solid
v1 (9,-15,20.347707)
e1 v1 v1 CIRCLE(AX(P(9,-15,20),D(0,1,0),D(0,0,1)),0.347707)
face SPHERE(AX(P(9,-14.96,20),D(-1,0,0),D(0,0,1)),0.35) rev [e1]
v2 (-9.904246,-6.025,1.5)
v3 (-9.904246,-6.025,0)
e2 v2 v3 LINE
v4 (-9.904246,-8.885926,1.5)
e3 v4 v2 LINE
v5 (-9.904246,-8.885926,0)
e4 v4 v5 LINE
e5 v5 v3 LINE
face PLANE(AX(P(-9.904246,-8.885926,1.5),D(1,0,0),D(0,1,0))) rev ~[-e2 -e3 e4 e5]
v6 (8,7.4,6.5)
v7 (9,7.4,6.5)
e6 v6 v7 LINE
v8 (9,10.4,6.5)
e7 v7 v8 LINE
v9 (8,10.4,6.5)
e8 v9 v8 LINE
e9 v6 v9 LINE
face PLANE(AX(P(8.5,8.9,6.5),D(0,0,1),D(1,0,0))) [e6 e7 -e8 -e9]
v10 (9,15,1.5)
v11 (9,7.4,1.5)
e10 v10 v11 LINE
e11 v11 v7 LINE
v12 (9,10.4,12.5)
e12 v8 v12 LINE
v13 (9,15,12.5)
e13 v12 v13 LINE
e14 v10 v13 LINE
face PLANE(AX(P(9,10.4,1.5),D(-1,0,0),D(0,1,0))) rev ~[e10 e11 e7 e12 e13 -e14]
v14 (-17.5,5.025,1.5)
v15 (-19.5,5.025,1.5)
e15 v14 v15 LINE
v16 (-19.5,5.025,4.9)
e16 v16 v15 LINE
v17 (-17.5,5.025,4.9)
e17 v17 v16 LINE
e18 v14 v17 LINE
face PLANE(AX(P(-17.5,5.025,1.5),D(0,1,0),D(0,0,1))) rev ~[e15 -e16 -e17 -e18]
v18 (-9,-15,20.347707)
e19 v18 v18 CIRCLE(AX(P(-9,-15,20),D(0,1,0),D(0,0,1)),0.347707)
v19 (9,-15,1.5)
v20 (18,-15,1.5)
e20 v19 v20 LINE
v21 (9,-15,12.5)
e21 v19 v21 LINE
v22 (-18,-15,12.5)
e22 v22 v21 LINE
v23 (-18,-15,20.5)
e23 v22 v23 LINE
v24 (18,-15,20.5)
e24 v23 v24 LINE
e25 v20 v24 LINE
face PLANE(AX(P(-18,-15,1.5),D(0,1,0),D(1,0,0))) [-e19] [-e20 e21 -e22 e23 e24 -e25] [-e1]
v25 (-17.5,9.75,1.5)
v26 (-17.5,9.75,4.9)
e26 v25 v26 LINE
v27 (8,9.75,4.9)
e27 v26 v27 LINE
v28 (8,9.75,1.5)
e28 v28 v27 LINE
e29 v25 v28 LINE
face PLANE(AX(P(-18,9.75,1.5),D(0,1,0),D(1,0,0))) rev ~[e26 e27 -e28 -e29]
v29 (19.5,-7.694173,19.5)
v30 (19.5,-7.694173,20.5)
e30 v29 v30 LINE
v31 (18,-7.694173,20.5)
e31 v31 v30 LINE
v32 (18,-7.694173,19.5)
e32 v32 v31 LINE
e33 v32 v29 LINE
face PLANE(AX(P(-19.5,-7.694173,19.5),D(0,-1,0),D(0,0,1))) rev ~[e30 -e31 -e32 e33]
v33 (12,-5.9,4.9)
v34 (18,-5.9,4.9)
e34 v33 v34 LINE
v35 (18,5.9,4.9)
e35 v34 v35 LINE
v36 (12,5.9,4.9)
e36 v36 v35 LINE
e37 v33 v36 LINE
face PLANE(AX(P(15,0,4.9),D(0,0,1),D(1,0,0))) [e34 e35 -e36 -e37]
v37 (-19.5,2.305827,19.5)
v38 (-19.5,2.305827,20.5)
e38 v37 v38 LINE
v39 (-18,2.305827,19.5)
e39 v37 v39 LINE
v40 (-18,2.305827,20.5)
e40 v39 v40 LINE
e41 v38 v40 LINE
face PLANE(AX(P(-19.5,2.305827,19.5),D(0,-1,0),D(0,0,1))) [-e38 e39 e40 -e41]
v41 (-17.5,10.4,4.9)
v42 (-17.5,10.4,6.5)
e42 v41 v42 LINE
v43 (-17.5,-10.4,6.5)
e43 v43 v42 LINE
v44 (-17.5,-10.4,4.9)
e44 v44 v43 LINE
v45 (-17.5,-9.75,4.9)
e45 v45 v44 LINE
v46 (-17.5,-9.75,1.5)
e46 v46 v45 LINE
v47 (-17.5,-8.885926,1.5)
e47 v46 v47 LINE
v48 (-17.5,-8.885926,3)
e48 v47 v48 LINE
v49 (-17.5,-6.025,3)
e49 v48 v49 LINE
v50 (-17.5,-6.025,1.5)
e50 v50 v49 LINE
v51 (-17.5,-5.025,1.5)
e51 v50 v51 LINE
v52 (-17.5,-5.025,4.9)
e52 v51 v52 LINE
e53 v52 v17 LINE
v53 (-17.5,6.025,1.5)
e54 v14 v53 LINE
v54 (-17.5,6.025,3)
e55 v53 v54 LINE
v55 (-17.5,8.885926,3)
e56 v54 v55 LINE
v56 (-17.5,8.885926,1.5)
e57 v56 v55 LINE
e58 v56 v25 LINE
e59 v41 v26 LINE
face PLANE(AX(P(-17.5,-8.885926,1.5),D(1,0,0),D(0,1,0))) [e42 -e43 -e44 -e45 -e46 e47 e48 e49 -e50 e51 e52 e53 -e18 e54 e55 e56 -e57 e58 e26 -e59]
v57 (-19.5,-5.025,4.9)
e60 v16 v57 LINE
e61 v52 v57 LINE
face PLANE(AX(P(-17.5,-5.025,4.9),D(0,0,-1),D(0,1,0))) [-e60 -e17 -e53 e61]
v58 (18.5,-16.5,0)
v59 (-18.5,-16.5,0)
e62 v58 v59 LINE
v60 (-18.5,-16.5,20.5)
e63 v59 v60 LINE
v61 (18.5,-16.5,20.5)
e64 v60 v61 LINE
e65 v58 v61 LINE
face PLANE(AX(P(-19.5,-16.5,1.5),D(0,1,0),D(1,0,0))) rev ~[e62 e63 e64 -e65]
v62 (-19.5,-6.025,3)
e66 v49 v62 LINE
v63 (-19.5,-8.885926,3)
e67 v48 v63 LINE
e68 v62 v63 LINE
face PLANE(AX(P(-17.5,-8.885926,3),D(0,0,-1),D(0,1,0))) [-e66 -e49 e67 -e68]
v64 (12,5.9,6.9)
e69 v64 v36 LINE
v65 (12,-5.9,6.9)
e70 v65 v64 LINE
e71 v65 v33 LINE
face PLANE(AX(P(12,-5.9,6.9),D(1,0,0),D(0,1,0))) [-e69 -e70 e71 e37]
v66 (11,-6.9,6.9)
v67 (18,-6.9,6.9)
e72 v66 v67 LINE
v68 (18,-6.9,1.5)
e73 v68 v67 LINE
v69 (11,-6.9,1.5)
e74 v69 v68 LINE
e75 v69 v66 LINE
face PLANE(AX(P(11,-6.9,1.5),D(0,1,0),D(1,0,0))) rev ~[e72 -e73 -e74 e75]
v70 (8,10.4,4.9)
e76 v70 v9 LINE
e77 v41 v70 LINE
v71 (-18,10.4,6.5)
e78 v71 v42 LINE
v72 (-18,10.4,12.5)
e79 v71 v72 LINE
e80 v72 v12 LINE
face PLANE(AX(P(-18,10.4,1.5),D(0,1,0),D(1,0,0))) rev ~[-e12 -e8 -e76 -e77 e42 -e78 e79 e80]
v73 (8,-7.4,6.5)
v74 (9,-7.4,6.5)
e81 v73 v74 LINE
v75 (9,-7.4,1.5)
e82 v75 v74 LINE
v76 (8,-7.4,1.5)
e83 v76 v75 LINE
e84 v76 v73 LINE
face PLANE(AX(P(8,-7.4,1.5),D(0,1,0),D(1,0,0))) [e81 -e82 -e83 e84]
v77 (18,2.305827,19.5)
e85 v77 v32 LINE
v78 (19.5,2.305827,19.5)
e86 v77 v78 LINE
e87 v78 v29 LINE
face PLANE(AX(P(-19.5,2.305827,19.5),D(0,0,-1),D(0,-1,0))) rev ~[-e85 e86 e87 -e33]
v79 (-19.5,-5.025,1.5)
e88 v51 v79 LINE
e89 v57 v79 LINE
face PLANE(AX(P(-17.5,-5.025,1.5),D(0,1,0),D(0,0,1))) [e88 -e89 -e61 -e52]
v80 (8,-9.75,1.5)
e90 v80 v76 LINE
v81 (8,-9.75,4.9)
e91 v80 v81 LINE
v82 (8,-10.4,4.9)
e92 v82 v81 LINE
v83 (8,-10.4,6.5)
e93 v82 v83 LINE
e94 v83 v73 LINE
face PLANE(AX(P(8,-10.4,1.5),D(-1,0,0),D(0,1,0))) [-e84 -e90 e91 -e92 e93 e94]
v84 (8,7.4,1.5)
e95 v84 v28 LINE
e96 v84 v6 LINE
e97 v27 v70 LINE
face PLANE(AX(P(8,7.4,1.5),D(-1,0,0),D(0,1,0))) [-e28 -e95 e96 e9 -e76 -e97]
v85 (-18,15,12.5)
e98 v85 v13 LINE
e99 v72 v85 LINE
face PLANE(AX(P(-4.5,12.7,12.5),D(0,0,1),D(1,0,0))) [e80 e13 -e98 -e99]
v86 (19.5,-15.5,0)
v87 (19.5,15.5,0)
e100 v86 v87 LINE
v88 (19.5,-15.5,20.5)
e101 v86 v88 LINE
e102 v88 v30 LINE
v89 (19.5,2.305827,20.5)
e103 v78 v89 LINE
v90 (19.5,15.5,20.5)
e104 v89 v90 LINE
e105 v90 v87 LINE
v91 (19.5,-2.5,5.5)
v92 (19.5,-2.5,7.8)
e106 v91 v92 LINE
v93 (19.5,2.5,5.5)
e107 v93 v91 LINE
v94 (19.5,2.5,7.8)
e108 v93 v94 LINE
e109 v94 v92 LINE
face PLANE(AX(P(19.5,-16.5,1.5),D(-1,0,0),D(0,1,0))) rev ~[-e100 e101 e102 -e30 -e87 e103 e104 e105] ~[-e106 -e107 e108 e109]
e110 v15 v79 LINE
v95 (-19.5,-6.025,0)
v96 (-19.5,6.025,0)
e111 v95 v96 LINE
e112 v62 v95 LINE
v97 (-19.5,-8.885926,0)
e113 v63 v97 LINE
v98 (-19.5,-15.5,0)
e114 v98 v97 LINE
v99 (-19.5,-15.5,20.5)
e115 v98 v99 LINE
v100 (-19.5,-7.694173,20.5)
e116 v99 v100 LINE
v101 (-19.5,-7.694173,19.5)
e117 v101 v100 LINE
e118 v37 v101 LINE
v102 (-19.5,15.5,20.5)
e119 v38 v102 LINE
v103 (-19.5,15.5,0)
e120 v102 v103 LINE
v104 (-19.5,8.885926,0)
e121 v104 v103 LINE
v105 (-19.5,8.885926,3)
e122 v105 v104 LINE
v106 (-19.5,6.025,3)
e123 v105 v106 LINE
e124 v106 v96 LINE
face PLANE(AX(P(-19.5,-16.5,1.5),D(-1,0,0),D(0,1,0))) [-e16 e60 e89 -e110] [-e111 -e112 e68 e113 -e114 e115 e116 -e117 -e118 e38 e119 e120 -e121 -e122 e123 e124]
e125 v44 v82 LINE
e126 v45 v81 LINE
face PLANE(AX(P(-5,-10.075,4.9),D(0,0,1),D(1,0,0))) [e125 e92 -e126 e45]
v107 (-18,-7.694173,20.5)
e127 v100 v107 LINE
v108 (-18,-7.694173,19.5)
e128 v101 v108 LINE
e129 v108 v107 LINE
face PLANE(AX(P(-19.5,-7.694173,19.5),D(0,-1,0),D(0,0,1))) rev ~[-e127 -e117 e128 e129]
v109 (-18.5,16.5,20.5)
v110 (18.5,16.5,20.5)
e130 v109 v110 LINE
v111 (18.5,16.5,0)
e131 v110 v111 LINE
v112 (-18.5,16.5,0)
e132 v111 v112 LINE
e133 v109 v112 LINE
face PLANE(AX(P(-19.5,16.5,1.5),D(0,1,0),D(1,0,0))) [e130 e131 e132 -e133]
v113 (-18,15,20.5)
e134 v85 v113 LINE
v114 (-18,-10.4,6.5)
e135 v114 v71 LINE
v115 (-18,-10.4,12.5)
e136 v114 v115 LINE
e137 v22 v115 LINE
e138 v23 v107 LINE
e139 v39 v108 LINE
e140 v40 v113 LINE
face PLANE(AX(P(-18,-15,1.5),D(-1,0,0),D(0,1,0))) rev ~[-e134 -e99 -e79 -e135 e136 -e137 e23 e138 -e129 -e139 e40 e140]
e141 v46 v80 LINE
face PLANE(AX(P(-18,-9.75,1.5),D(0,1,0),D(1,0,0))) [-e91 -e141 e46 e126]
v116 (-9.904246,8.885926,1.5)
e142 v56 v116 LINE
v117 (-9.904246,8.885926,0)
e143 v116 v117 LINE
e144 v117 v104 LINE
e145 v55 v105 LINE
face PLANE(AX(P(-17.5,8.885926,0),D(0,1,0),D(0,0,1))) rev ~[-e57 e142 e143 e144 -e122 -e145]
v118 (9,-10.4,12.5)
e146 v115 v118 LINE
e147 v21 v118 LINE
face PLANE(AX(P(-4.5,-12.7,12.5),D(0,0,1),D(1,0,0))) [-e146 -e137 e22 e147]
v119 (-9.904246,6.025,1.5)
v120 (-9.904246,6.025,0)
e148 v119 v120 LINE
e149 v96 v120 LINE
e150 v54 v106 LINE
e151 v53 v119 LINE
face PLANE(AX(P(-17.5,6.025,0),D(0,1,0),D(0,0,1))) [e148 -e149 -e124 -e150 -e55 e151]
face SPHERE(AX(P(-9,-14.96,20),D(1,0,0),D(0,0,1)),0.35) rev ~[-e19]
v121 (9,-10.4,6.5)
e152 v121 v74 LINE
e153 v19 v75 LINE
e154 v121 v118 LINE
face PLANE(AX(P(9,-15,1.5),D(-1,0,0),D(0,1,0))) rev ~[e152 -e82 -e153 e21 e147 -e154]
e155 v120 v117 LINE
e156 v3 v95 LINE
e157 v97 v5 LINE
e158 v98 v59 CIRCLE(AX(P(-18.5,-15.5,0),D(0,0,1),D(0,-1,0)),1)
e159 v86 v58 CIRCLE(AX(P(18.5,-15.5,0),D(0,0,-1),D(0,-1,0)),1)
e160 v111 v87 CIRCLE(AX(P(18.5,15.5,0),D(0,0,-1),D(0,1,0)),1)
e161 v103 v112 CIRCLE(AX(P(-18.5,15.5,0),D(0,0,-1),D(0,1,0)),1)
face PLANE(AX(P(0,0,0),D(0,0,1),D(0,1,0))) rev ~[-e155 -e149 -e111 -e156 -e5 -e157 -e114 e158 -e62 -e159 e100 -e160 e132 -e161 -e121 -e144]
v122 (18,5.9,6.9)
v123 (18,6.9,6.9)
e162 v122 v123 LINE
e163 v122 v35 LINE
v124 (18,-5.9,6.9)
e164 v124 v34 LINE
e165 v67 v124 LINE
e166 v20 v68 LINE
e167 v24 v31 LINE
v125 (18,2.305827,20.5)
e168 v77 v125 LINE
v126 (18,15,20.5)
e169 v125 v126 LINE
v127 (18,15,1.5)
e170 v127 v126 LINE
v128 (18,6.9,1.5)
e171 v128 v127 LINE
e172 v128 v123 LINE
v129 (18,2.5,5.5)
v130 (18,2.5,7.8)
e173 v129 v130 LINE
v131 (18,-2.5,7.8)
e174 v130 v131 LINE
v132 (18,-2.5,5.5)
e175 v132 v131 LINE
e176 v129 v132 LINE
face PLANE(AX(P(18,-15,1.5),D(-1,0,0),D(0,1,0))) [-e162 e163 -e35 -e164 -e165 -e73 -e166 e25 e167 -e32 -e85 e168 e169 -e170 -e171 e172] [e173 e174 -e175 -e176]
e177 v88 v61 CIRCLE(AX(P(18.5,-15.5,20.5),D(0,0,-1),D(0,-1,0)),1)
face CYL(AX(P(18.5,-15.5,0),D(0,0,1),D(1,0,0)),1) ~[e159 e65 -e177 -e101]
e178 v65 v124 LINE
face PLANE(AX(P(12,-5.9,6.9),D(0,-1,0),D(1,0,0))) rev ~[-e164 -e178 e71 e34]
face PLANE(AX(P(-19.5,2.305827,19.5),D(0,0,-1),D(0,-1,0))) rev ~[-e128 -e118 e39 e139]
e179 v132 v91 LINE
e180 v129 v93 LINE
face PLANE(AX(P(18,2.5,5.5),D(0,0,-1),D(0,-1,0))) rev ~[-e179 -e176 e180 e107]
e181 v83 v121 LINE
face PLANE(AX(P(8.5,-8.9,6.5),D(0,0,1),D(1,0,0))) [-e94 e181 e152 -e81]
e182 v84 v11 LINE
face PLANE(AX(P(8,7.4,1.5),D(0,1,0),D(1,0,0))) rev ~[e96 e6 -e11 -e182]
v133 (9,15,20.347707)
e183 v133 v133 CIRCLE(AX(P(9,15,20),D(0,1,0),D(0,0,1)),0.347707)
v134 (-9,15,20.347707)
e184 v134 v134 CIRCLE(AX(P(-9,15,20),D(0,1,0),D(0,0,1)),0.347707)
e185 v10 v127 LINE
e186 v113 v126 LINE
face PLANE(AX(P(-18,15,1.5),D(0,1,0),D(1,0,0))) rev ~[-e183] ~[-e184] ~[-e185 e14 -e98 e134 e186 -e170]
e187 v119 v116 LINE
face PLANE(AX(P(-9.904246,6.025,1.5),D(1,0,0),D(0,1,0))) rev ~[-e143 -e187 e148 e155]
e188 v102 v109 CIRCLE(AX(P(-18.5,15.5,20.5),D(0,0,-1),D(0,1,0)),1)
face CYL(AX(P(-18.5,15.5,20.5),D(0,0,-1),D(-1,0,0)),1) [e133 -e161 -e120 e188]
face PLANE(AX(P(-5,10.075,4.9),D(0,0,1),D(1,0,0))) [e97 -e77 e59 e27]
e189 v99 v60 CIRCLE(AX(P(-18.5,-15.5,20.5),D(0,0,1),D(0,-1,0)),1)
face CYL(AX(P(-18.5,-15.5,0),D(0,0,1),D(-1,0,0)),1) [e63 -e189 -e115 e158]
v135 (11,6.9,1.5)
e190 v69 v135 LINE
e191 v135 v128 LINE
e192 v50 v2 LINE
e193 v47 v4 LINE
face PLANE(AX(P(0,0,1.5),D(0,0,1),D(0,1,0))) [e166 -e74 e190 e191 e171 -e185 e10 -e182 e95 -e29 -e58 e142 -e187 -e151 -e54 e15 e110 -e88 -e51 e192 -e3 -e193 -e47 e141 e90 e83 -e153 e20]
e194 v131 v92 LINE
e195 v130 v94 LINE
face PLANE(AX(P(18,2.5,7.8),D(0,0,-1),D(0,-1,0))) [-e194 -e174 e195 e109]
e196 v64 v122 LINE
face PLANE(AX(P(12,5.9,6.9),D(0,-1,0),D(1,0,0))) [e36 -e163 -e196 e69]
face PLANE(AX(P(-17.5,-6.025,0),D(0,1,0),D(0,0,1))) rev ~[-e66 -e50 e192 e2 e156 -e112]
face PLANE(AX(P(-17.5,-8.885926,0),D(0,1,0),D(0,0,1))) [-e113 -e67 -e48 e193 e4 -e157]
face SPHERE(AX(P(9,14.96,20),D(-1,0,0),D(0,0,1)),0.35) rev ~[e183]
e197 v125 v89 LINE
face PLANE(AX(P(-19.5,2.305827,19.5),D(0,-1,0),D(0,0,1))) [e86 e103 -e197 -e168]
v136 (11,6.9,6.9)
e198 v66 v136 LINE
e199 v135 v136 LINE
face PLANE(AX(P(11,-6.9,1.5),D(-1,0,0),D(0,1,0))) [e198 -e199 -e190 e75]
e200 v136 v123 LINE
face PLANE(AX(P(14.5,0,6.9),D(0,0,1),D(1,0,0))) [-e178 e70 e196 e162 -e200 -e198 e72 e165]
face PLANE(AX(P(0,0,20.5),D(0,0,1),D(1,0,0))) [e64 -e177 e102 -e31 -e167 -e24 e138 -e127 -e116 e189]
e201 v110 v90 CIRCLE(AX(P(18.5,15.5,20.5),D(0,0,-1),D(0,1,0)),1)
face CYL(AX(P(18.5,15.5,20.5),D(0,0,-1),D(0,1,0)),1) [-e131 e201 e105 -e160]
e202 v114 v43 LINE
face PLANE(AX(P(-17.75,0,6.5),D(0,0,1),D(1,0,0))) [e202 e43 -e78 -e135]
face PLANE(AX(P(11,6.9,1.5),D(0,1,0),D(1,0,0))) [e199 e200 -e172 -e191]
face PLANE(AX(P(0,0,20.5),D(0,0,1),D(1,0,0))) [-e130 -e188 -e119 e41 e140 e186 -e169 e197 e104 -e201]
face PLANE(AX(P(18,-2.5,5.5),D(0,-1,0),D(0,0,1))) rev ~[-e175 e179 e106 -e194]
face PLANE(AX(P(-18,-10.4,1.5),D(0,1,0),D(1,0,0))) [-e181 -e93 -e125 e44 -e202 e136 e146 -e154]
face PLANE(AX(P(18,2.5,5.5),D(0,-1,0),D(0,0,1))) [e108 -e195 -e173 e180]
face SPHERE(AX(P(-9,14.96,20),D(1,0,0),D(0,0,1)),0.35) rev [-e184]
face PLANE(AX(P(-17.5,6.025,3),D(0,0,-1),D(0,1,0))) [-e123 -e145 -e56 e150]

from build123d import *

# Parameters (mm, degrees)
ESQUISSE1_W                             = 33
ESQUISSE1_H                             = 39
BOSS_EXTRU_1_DEPTH                      = 1.5
ESQUISSE2_W                             = 39
ESQUISSE2_H                             = 33
ESQUISSE2_W_2                           = 36
ESQUISSE2_H_2                           = 30
BOSS_EXTRU_2_DEPTH                      = 19
ESQUISSE3_W                             = 27
ESQUISSE3_H                             = 4.6
BOSS_EXTRU_3_DEPTH                      = 11
ESQUISSE5_W                             = 26
ESQUISSE5_H                             = 0.65
BOSS_EXTRU_4_DEPTH                      = 3.4
ESQUISSE10_W                            = 0.5
ESQUISSE10_H                            = 20.8
ESQUISSE10_W_2                          = 1
ESQUISSE10_H_2                          = 3
BOSS_EXTRU_5_DEPTH                      = 5
ESQUISSE12_W                            = 10.05
ESQUISSE12_H                            = 3.4
ENL_V_MAT_EXTRU_5_DEPTH                 = 46.403744339
ESQUISSE13_W                            = 7
ESQUISSE13_H                            = 13.8
BOSS_EXTRU_6_DEPTH                      = 5.4
ESQUISSE14_W                            = 6
ESQUISSE14_H                            = 11.8
ENL_V_MAT_EXTRU_6_DEPTH                 = 2
ESQUISSE15_W                            = 5
ESQUISSE15_H                            = 2.3
ENL_V_MAT_EXTRU_7_DEPTH                 = 46.812116301
ENL_VEMENT_DE_MATI_RE_R_VOLUTION5_ANGLE = 180
SYM_TRIE4_COPY_1_ANGLE                  = 180
ESQUISSE17_W                            = 10
ESQUISSE17_H                            = 1
ENL_V_MAT_EXTRU_8_DEPTH                 = 48.047847985
CONG_1_R                                = 1
ESQUISSE18_W                            = 7.595753743
ESQUISSE18_H                            = 2.860925691
ENL_V_MAT_EXTRU_9_DEPTH                 = 32.835514759
ESQUISSE19_W                            = 2.860925691
ESQUISSE19_H                            = 3
ENL_V_MAT_EXTRU_10_DEPTH                = 46.403744339


with BuildPart() as part:
    # Esquisse1 → Boss.-Extru.1 (new body)
    with BuildSketch(Plane(origin=(0, 0, 0), x_dir=(0, 1, 0), z_dir=(0, 0, 1))):
        Rectangle(ESQUISSE1_W, ESQUISSE1_H)
    extrude(amount=BOSS_EXTRU_1_DEPTH)

    # Esquisse2 → Boss.-Extru.2 (add)
    with BuildSketch(Plane.XY.offset(1.5)):
        Rectangle(ESQUISSE2_W, ESQUISSE2_H)
        Rectangle(ESQUISSE2_W_2, ESQUISSE2_H_2, mode=Mode.SUBTRACT)
    extrude(amount=BOSS_EXTRU_2_DEPTH)

    # Esquisse3 → Boss.-Extru.3 (add)
    with BuildSketch(Plane.XY.offset(1.5)):
        with Locations((-4.5, 12.7)):
            Rectangle(ESQUISSE3_W, ESQUISSE3_H)
        with Locations((-4.5, -12.7)):
            Rectangle(ESQUISSE3_W, ESQUISSE3_H)
    extrude(amount=BOSS_EXTRU_3_DEPTH)

    # Esquisse5 → Boss.-Extru.4 (add)
    with BuildSketch(Plane.XY.offset(1.5)):
        with Locations((-5, 10.075)):
            Rectangle(ESQUISSE5_W, ESQUISSE5_H)
        with Locations((-5, -10.075)):
            Rectangle(ESQUISSE5_W, ESQUISSE5_H)
    extrude(amount=BOSS_EXTRU_4_DEPTH)

    # Esquisse10 → Boss.-Extru.5 (add)
    with BuildSketch(Plane.XY.offset(1.5)):
        with Locations((-17.75, 0)):
            Rectangle(ESQUISSE10_W, ESQUISSE10_H)
        with Locations((8.5, 8.9)):
            Rectangle(ESQUISSE10_W_2, ESQUISSE10_H_2)
        with Locations((8.5, -8.9)):
            Rectangle(ESQUISSE10_W_2, ESQUISSE10_H_2)
    extrude(amount=BOSS_EXTRU_5_DEPTH)

    # Esquisse12 → Enlèv. mat.-Extru.5 (cut, through all)
    with BuildSketch(Plane.YZ.offset(-17.5)):
        with Locations((0, 3.2)):
            Rectangle(ESQUISSE12_W, ESQUISSE12_H)
    extrude(amount=-ENL_V_MAT_EXTRU_5_DEPTH, mode=Mode.SUBTRACT)

    # Esquisse13 → Boss.-Extru.6 (add)
    with BuildSketch(Plane(origin=(-15.623853211, 9.112155963, 1.5), x_dir=(1, 0, 0), z_dir=(0, 0, 1))):
        with Locations((30.123853211, -9.112155963)):
            Rectangle(ESQUISSE13_W, ESQUISSE13_H)
    extrude(amount=BOSS_EXTRU_6_DEPTH)

    # Esquisse14 → Enlèv. mat.-Extru.6 (cut)
    with BuildSketch(Plane.XY.offset(6.9)):
        with Locations((15, 0)):
            Rectangle(ESQUISSE14_W, ESQUISSE14_H)
    extrude(amount=-ENL_V_MAT_EXTRU_6_DEPTH, mode=Mode.SUBTRACT)

    # Esquisse15 → Enlèv. mat.-Extru.7 (cut, through all)
    with BuildSketch(Plane(origin=(18, 0, 0), x_dir=(0, -1, 0), z_dir=(-1, 0, 0))):
        with Locations((0, 6.65)):
            Rectangle(ESQUISSE15_W, ESQUISSE15_H)
    extrude(amount=-ENL_V_MAT_EXTRU_7_DEPTH, mode=Mode.SUBTRACT)

    # Esquisse16 → Enlèvement de matière-Révolution5 (revolve, cut)
    with BuildSketch(Plane.XZ.offset(-14.96)):
        with BuildLine():
            Line((-8.65, 20), (-9.35, 20))
            ThreePointArc((-9.35, 20), (-9, 20.35), (-8.65, 20))
        make_face()
    enl_vement_de_mati_re_r_volution5 = revolve(axis=Axis((-14.897028004, 14.96, 20), (-1, 0, 0)), revolution_arc=ENL_VEMENT_DE_MATI_RE_R_VOLUTION5_ANGLE, mode=Mode.SUBTRACT)

    # Symétrie3: Enlèvement de matière-Révolution5 across plane
    add(enl_vement_de_mati_re_r_volution5.mirror(Plane.ZX), mode=Mode.SUBTRACT)

    # Symétrie4: Enlèvement de matière-Révolution5 across plane
    add(enl_vement_de_mati_re_r_volution5.mirror(Plane(origin=(0, 0, 0), x_dir=(0, 0, 1), z_dir=(1, 0, 0))), mode=Mode.SUBTRACT)

    # Symétrie4 copy 1 sketch → Symétrie4 copy 1 (revolve, cut)
    with BuildSketch(Plane(origin=(0, -14.96, 0), x_dir=(-1, 0, 0), z_dir=(0, 1, 0))):
        with BuildLine():
            Line((-8.65, 20), (-9.35, 20))
            ThreePointArc((-9.35, 20), (-9, 20.35), (-8.65, 20))
        make_face()
    revolve(axis=Axis((14.897028004, -14.96, 20), (1, 0, 0)), revolution_arc=SYM_TRIE4_COPY_1_ANGLE, mode=Mode.SUBTRACT)

    # Esquisse17 → Enlèv. mat.-Extru.8 (cut, through all)
    with BuildSketch(Plane(origin=(-19.5, 0, 0), x_dir=(0, -1, 0), z_dir=(-1, 0, 0))):
        with Locations((2.694173084, 20)):
            Rectangle(ESQUISSE17_W, ESQUISSE17_H)
    extrude(amount=-ENL_V_MAT_EXTRU_8_DEPTH, mode=Mode.SUBTRACT)

    # Congé1
    cong_1_edges = [part.edges().sort_by_distance(p)[0] for p in [
        (-19.5, -16.5, 10.25),
        (-19.5, 16.5, 10.25),
        (19.5, 16.5, 10.25),
        (19.5, -16.5, 10.25),
    ]]
    fillet(cong_1_edges, radius=CONG_1_R)

    # Esquisse18 → Enlèv. mat.-Extru.9 (cut, through all)
    with BuildSketch(Plane.XY.offset(1.5)):
        with Locations((-13.702123129, 7.455462846)):
            Rectangle(ESQUISSE18_W, ESQUISSE18_H)
        with Locations((-13.702123129, -7.455462846)):
            Rectangle(ESQUISSE18_W, ESQUISSE18_H)
    extrude(amount=-ENL_V_MAT_EXTRU_9_DEPTH, mode=Mode.SUBTRACT)

    # Esquisse19 → Enlèv. mat.-Extru.10 (cut, through all)
    with BuildSketch(Plane.YZ.offset(-17.5)):
        with Locations((-7.455462846, 1.5)):
            Rectangle(ESQUISSE19_W, ESQUISSE19_H)
        with Locations((7.455462846, 1.5)):
            Rectangle(ESQUISSE19_W, ESQUISSE19_H)
    extrude(amount=-ENL_V_MAT_EXTRU_10_DEPTH, mode=Mode.SUBTRACT)


solid = part.part
